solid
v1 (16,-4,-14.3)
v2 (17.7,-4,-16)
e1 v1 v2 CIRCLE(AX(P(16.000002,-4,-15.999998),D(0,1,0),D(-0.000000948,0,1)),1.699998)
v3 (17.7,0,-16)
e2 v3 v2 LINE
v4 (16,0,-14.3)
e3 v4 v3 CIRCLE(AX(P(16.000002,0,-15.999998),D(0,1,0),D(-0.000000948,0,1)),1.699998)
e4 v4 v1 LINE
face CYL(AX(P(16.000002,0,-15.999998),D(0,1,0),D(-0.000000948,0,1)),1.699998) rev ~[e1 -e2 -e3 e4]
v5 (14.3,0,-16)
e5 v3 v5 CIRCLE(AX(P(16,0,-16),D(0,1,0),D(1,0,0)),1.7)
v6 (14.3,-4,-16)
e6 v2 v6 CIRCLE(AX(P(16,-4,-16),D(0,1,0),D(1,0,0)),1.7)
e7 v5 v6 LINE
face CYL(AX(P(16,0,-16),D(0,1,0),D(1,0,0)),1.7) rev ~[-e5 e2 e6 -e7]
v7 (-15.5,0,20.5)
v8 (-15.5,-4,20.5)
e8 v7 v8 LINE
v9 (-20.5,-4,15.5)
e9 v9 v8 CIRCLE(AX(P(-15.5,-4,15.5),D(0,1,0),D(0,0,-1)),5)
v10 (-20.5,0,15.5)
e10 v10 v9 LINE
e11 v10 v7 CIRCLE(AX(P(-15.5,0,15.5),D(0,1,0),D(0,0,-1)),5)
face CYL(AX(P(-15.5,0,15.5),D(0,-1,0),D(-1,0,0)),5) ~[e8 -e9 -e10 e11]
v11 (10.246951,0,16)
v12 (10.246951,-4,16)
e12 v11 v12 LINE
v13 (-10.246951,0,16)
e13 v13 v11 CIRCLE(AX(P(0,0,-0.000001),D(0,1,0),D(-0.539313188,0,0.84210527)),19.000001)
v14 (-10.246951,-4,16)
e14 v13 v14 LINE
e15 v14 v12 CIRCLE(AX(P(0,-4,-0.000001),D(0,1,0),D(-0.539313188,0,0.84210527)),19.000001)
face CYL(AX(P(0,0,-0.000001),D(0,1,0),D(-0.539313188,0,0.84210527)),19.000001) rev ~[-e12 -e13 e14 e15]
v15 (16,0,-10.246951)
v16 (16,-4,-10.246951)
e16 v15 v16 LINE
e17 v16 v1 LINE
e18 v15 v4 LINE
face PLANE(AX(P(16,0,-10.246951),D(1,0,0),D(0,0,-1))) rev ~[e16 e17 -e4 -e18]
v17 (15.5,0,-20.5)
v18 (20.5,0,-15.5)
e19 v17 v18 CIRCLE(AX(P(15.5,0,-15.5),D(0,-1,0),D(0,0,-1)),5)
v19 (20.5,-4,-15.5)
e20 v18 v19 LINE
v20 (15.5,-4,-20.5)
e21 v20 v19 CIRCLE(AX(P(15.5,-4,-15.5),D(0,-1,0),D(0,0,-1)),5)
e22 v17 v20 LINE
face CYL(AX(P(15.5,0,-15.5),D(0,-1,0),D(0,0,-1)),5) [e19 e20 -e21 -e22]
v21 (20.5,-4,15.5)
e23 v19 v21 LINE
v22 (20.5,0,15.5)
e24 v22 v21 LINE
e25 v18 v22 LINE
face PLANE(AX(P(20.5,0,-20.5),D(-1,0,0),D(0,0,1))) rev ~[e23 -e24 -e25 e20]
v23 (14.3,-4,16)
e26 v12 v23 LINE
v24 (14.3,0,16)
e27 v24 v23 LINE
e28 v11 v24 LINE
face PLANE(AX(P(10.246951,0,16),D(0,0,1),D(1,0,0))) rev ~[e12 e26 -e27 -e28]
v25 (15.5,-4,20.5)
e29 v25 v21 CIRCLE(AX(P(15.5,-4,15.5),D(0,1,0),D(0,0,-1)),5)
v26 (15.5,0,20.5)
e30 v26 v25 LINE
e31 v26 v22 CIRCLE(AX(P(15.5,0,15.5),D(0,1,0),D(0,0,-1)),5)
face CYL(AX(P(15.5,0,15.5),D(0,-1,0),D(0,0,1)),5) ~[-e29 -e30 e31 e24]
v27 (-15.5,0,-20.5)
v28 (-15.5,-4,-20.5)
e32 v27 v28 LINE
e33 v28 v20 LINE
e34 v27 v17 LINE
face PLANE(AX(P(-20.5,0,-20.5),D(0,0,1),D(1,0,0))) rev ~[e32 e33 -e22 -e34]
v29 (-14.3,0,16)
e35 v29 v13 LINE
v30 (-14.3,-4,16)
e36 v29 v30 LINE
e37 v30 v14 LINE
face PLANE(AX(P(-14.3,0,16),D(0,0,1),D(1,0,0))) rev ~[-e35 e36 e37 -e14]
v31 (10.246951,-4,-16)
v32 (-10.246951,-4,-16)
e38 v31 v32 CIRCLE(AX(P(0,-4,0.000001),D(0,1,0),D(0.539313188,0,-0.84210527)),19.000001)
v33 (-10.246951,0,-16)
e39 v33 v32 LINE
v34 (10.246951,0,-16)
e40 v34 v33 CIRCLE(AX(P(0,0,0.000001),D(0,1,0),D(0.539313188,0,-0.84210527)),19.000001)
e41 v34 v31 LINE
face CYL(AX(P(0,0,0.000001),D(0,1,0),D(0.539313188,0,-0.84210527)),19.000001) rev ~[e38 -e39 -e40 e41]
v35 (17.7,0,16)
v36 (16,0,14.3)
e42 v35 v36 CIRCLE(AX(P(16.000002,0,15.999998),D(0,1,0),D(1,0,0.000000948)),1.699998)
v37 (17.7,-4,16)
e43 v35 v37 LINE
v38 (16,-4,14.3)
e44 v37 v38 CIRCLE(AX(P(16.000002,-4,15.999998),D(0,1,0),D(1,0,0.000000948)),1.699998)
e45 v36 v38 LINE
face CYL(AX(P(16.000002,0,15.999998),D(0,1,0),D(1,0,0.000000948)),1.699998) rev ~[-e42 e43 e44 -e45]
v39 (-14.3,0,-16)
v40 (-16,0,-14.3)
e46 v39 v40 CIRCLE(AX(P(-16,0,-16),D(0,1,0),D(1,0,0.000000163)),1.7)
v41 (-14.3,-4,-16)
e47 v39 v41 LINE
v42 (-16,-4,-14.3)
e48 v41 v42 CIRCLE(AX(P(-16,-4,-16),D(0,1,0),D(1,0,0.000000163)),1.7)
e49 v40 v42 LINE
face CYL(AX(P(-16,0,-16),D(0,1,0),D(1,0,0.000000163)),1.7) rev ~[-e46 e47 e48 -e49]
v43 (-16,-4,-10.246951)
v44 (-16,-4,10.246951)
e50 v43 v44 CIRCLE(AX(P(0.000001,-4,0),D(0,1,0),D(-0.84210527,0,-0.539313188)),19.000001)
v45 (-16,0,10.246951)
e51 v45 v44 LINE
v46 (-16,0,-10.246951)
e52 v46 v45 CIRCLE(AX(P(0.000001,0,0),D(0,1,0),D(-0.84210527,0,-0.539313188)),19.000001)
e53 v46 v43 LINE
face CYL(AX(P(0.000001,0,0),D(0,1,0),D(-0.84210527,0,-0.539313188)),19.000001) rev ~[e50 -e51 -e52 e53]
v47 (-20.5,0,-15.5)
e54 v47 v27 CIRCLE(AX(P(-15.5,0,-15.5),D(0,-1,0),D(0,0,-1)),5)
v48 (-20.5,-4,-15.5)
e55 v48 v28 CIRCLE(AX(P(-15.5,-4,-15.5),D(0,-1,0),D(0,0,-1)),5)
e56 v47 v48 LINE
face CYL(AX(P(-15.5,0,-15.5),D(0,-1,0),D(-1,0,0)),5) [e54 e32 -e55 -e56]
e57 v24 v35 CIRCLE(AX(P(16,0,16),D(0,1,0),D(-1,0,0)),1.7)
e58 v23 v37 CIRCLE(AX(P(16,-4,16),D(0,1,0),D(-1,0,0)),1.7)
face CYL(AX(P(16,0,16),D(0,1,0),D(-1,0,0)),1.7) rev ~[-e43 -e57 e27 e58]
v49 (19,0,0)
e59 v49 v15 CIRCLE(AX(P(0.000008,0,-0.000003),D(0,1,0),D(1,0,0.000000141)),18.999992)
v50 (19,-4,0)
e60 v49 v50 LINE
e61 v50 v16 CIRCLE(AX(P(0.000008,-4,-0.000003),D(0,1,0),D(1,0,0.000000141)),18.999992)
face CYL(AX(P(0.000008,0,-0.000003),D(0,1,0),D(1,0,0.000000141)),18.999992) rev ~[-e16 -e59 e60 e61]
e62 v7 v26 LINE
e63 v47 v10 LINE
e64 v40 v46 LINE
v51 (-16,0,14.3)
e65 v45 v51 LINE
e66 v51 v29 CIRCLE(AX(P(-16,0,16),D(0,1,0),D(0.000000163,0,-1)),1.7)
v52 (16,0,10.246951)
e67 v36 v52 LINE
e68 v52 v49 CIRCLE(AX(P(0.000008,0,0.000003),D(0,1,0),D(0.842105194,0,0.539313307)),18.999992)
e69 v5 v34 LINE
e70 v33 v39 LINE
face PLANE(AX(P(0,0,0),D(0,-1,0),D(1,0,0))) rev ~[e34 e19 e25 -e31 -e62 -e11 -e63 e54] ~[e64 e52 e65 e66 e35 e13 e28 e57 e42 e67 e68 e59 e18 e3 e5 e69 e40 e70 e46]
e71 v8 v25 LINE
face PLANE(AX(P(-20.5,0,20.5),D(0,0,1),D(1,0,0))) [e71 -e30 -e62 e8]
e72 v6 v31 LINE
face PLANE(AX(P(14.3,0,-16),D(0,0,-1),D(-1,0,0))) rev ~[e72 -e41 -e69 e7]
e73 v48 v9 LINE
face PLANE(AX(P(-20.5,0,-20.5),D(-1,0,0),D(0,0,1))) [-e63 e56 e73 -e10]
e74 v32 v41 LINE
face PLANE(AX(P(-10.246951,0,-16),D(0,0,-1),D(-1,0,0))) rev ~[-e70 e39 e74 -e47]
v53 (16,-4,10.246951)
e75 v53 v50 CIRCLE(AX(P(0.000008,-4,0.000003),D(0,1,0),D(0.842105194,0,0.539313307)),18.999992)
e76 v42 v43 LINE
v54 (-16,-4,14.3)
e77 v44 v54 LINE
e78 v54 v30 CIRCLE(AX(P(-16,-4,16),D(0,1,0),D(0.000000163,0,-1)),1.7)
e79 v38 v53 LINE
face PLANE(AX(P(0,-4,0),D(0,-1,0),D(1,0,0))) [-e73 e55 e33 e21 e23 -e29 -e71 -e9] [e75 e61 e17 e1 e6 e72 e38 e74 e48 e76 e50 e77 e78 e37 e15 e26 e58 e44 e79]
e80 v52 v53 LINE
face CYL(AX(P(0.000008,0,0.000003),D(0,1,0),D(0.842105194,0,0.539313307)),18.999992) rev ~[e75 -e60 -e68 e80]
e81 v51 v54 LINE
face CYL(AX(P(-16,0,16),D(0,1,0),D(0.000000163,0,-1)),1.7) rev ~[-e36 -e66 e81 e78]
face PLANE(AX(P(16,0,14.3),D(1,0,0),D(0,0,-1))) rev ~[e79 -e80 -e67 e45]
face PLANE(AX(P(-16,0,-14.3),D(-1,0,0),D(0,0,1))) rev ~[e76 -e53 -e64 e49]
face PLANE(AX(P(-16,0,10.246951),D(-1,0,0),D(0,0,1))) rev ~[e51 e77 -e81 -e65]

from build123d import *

# Parameters (mm, degrees)
F0_W     = 41
F0_H     = 41
F1_DEPTH = 4
F2_R     = 5


with BuildPart() as f1:
    # F0 (on Front) → F1 (new body)
    with BuildSketch(Plane.XZ):
        Rectangle(F0_W, F0_H)
        with BuildLine():
            ThreePointArc((-16, 14.3), (-17.202082, 17.202082), (-14.3, 16))
            Line((-14.3, 16), (-10.246951, 16))
            ThreePointArc((-10.246951, 16), (0, 19), (10.246951, 16))
            Line((10.246951, 16), (14.3, 16))
            ThreePointArc((14.3, 16), (16, 17.7), (17.7, 16))
            ThreePointArc((17.7, 16), (17.202082, 14.797918), (16, 14.3))
            Line((16, 14.3), (16, 10.246951))
            ThreePointArc((16, 10.246951), (18.234583, 5.338539), (19, 0))
            ThreePointArc((19, 0), (18.234583, -5.338539), (16, -10.246951))
            Line((16, -10.246951), (16, -14.3))
            ThreePointArc((16, -14.3), (17.202082, -14.797918), (17.7, -16))
            ThreePointArc((17.7, -16), (16, -17.7), (14.3, -16))
            Line((14.3, -16), (10.246951, -16))
            ThreePointArc((10.246951, -16), (0, -19), (-10.246951, -16))
            Line((-10.246951, -16), (-14.3, -16))
            ThreePointArc((-14.3, -16), (-17.202082, -17.202082), (-16, -14.3))
            Line((-16, -14.3), (-16, -10.246951))
            ThreePointArc((-16, -10.246951), (-19, 0), (-16, 10.246951))
            Line((-16, 10.246951), (-16, 14.3))
        make_face(mode=Mode.SUBTRACT)
    extrude(amount=F1_DEPTH)

    # F2
    f2_edges = [f1.edges().sort_by_distance(p)[0] for p in [
        (-20.5, -2, -20.5),
        (20.5, -2, -20.5),
        (20.5, -2, 20.5),
        (-20.5, -2, 20.5),
    ]]
    fillet(f2_edges, radius=F2_R)


solid = f1.part
